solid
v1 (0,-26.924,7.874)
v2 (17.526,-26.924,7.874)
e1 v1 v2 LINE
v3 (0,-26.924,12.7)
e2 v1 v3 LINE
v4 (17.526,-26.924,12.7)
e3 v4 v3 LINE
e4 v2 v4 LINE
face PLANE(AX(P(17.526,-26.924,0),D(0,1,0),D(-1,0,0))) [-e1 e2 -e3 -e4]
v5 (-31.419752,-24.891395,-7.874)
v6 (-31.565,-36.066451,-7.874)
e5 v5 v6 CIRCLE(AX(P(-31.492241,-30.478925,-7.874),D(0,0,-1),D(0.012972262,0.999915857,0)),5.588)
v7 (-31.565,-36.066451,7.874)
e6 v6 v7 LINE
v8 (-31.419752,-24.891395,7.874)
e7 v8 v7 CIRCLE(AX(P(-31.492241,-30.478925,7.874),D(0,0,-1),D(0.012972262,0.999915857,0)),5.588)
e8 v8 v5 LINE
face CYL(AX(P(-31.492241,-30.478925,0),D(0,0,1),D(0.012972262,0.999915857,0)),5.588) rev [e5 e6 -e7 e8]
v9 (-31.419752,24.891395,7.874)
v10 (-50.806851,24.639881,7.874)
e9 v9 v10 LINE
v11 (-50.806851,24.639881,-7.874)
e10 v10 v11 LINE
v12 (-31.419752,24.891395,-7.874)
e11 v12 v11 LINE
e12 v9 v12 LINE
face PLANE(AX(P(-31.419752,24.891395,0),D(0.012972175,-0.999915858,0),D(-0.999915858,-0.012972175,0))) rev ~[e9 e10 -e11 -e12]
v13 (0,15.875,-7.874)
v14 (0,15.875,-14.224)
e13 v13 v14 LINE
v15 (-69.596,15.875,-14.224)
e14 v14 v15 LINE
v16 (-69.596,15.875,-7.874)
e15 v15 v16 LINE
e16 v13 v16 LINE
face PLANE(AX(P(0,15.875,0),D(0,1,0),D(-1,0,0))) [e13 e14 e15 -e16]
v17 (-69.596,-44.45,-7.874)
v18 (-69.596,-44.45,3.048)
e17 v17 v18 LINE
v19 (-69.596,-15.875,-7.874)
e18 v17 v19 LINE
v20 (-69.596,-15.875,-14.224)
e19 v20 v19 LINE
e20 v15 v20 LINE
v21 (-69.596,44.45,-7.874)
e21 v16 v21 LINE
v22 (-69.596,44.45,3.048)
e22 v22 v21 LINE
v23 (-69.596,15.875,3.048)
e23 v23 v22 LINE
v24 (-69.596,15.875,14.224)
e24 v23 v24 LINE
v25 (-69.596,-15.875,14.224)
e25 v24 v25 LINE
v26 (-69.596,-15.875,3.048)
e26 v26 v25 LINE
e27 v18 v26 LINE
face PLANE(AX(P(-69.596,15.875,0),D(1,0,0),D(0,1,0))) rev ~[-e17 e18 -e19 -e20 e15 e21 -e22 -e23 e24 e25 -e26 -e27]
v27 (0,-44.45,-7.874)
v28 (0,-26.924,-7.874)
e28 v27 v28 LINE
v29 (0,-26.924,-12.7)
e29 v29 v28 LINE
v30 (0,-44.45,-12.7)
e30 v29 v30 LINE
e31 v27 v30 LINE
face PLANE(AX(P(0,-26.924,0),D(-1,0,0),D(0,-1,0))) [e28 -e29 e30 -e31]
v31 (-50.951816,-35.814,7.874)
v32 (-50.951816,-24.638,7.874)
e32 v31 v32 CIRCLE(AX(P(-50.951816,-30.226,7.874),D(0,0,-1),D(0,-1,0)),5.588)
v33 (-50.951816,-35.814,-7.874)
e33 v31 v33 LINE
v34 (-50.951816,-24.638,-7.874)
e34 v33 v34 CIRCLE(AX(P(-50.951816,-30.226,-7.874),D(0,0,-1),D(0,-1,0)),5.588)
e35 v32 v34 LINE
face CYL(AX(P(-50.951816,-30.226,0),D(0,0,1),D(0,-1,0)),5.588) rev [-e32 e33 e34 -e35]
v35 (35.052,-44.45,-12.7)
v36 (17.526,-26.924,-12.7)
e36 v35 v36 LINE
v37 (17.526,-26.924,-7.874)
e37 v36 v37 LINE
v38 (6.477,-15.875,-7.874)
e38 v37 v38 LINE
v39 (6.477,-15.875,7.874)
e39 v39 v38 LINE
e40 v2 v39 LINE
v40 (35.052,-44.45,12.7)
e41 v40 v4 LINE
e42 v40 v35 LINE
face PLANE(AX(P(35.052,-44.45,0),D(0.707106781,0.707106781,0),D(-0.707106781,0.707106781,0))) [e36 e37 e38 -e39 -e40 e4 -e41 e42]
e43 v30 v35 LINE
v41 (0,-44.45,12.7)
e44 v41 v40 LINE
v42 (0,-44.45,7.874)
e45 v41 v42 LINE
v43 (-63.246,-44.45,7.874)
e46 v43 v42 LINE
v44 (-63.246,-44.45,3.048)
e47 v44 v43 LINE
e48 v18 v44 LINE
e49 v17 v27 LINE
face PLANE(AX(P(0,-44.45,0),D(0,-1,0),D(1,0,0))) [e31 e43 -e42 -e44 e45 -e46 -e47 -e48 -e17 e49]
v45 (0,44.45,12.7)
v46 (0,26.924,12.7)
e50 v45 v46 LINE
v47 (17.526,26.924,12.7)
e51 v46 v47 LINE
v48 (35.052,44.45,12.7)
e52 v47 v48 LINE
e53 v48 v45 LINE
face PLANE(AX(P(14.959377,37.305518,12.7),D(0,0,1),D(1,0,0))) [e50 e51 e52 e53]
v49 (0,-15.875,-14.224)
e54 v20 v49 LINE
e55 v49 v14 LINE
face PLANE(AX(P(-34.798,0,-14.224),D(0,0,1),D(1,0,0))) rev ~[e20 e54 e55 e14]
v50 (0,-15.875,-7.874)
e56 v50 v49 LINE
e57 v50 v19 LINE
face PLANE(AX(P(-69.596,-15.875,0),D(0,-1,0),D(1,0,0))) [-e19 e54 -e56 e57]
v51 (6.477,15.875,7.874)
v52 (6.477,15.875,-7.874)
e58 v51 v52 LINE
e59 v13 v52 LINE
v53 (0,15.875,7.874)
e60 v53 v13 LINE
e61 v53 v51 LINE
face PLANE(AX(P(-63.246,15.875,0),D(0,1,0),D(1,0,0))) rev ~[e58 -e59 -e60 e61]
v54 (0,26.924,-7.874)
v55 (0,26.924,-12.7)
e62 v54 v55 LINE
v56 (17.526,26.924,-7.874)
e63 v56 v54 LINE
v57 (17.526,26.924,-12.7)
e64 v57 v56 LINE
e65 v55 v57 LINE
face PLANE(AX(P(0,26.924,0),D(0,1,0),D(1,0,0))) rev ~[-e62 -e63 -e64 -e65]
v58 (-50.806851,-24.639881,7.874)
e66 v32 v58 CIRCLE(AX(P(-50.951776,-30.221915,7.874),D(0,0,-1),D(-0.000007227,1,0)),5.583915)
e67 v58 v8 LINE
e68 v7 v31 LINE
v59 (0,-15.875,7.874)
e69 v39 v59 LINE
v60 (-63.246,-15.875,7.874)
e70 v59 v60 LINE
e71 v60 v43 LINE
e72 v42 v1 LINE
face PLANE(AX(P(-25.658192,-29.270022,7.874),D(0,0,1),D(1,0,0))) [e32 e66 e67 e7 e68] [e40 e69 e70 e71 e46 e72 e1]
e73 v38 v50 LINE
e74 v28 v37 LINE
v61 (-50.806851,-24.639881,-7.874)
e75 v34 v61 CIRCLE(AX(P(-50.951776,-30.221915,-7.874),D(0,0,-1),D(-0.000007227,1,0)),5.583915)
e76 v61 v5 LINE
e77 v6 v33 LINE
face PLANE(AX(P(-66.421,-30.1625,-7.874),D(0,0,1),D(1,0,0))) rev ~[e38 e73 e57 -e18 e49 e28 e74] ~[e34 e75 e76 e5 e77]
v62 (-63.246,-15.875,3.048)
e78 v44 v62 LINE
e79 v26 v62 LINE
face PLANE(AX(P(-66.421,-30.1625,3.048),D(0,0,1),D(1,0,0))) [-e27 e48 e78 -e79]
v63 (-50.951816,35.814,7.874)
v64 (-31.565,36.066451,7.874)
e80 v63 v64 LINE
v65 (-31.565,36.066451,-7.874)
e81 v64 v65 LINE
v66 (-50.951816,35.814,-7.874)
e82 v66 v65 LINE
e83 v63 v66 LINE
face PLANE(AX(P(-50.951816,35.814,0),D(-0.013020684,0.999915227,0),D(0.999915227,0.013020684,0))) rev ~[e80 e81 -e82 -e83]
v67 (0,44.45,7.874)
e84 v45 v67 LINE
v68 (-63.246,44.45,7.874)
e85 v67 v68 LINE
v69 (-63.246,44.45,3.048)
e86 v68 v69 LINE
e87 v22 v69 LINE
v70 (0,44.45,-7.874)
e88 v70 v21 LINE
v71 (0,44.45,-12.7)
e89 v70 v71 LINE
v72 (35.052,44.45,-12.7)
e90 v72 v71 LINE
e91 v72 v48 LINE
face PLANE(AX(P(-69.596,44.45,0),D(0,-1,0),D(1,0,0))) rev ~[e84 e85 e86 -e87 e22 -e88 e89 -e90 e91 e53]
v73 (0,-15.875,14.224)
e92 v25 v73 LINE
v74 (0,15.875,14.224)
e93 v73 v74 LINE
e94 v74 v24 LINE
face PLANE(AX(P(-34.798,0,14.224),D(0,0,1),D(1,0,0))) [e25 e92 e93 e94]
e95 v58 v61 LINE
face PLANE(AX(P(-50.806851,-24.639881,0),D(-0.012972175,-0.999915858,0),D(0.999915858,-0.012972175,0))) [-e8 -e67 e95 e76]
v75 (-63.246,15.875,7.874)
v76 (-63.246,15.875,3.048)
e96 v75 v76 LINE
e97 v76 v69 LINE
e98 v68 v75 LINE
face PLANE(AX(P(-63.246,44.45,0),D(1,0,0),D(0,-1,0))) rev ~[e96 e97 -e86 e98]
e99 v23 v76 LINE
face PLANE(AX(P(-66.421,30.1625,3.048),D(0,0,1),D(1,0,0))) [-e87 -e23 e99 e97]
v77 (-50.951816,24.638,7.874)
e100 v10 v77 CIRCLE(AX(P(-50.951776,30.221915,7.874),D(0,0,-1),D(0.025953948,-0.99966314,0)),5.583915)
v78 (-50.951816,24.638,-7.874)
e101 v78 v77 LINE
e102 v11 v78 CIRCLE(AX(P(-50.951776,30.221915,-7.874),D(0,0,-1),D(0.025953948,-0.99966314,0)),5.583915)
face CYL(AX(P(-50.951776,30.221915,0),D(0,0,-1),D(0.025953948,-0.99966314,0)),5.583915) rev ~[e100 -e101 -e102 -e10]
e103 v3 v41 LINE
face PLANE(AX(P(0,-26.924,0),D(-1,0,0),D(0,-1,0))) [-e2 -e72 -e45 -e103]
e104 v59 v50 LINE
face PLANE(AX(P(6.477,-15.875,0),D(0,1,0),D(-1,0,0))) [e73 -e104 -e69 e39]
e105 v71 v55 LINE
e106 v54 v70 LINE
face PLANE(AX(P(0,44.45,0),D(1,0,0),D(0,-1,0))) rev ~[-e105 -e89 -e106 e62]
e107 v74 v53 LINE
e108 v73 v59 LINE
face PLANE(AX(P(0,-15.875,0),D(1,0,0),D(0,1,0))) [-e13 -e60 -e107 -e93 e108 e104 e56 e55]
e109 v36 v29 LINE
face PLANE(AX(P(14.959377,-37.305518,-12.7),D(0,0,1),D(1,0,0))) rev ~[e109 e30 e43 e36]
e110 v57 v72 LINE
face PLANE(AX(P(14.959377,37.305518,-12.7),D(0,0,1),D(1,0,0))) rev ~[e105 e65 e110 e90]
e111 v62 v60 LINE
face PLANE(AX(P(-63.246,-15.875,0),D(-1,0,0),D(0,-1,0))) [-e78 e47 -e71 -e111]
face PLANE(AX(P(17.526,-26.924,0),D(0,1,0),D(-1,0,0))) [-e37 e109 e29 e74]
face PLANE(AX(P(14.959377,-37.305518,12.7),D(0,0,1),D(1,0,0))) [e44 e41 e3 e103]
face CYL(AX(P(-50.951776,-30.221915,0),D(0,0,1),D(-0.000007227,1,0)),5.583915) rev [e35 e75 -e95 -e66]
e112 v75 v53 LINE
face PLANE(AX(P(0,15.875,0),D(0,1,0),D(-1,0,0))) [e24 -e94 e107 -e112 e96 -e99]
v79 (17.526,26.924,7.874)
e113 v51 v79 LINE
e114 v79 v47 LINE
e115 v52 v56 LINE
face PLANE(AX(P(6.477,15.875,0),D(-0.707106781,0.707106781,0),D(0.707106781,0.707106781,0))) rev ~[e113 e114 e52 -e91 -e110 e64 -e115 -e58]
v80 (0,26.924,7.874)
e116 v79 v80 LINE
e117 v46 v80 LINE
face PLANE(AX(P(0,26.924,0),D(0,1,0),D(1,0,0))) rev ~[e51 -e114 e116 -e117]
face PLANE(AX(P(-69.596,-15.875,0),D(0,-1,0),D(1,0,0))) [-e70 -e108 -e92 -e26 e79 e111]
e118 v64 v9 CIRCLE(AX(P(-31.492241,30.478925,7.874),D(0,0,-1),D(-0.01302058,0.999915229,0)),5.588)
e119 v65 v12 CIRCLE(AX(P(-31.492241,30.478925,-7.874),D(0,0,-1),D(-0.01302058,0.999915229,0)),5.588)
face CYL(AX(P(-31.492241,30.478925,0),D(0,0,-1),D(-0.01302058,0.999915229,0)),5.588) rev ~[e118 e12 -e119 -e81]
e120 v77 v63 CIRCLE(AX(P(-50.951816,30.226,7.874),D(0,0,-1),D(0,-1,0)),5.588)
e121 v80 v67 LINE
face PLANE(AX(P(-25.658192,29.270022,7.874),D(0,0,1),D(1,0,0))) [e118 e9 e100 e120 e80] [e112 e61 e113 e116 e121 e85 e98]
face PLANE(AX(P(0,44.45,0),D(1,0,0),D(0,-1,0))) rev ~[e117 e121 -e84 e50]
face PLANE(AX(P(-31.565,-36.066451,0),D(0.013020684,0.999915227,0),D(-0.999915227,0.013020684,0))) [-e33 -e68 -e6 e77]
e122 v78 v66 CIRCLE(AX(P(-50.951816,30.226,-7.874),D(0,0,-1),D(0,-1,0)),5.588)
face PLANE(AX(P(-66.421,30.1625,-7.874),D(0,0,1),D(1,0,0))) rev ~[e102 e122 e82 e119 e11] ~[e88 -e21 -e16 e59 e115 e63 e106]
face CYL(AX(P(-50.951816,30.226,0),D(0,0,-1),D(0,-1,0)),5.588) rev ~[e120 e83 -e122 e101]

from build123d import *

# Parameters (mm, degrees)
F1_DEPTH      = 14.224
F2_DEPTH      = 7.874
F3_DEPTH      = 12.7
F0_W          = 6.35
F0_H          = 28.575
F4_DEPTH      = 3.048
F4_DEPTH_BACK = 7.874


with BuildPart() as f1:
    # F0 (on Top) → F1 (new body, symmetric)
    with BuildSketch(Plane.XY):
        Polygon((0, 0), (0, 15.875), (-31.492241, 15.875), (-50.951816, 15.875), (-63.246, 15.875), (-69.596, 15.875), (-69.596, 0), (-69.596, -15.875), (-63.246, -15.875), (-50.951816, -15.875), (-31.492241, -15.875), (0, -15.875), align=None)
    extrude(amount=F1_DEPTH, both=True)

    # F0 (on Top) → F2 (join, symmetric)
    with BuildSketch(Plane.XY):
        Polygon((-31.492241, 15.875), (0, 15.875), (6.477, 15.875), (17.526, 26.924), (0, 26.924), (0, 44.45), (-63.246, 44.45), (-63.246, 15.875), (-50.951816, 15.875), align=None)
        with BuildLine():
            ThreePointArc((-50.951816, 24.638), (-56.539816, 30.226), (-50.951816, 35.814))
            Line((-50.951816, 35.814), (-31.565, 36.066451))
            ThreePointArc((-31.565, 36.066451), (-25.904713, 30.551549), (-31.419752, 24.891395))
            Line((-31.419752, 24.891395), (-50.806851, 24.639881))
            ThreePointArc((-50.806851, 24.639881), (-50.879328, 24.63847), (-50.951816, 24.638))
        make_face(mode=Mode.SUBTRACT)
        Polygon((6.477, -15.875), (0, -15.875), (-31.492241, -15.875), (-50.951816, -15.875), (-63.246, -15.875), (-63.246, -44.45), (0, -44.45), (0, -26.924), (17.526, -26.924), align=None)
        with BuildLine():
            Line((-31.565, -36.066451), (-50.951816, -35.814))
            ThreePointArc((-50.951816, -35.814), (-56.539816, -30.226), (-50.951816, -24.638))
            ThreePointArc((-50.951816, -24.638), (-50.879328, -24.63847), (-50.806851, -24.639881))
            Line((-50.806851, -24.639881), (-31.419752, -24.891395))
            ThreePointArc((-31.419752, -24.891395), (-25.904713, -30.551549), (-31.565, -36.066451))
        make_face(mode=Mode.SUBTRACT)
    extrude(amount=F2_DEPTH, both=True)

    # F0 (on Top) → F3 (join, symmetric)
    with BuildSketch(Plane.XY):
        Polygon((0, 26.924), (17.526, 26.924), (35.052, 44.45), (0, 44.45), align=None)
        Polygon((35.052, -44.45), (17.526, -26.924), (0, -26.924), (0, -44.45), align=None)
    extrude(amount=F3_DEPTH, both=True)

    # F0 (on Top) → F4 (join, two sides)
    with BuildSketch(Plane.XY) as f4_sk:
        with Locations((-66.421, 30.1625)):
            Rectangle(F0_W, F0_H)
        with Locations((-66.421, -30.1625)):
            Rectangle(F0_W, F0_H)
    extrude(amount=F4_DEPTH)
    extrude(f4_sk.sketch, amount=-F4_DEPTH_BACK)


solid = f1.part
